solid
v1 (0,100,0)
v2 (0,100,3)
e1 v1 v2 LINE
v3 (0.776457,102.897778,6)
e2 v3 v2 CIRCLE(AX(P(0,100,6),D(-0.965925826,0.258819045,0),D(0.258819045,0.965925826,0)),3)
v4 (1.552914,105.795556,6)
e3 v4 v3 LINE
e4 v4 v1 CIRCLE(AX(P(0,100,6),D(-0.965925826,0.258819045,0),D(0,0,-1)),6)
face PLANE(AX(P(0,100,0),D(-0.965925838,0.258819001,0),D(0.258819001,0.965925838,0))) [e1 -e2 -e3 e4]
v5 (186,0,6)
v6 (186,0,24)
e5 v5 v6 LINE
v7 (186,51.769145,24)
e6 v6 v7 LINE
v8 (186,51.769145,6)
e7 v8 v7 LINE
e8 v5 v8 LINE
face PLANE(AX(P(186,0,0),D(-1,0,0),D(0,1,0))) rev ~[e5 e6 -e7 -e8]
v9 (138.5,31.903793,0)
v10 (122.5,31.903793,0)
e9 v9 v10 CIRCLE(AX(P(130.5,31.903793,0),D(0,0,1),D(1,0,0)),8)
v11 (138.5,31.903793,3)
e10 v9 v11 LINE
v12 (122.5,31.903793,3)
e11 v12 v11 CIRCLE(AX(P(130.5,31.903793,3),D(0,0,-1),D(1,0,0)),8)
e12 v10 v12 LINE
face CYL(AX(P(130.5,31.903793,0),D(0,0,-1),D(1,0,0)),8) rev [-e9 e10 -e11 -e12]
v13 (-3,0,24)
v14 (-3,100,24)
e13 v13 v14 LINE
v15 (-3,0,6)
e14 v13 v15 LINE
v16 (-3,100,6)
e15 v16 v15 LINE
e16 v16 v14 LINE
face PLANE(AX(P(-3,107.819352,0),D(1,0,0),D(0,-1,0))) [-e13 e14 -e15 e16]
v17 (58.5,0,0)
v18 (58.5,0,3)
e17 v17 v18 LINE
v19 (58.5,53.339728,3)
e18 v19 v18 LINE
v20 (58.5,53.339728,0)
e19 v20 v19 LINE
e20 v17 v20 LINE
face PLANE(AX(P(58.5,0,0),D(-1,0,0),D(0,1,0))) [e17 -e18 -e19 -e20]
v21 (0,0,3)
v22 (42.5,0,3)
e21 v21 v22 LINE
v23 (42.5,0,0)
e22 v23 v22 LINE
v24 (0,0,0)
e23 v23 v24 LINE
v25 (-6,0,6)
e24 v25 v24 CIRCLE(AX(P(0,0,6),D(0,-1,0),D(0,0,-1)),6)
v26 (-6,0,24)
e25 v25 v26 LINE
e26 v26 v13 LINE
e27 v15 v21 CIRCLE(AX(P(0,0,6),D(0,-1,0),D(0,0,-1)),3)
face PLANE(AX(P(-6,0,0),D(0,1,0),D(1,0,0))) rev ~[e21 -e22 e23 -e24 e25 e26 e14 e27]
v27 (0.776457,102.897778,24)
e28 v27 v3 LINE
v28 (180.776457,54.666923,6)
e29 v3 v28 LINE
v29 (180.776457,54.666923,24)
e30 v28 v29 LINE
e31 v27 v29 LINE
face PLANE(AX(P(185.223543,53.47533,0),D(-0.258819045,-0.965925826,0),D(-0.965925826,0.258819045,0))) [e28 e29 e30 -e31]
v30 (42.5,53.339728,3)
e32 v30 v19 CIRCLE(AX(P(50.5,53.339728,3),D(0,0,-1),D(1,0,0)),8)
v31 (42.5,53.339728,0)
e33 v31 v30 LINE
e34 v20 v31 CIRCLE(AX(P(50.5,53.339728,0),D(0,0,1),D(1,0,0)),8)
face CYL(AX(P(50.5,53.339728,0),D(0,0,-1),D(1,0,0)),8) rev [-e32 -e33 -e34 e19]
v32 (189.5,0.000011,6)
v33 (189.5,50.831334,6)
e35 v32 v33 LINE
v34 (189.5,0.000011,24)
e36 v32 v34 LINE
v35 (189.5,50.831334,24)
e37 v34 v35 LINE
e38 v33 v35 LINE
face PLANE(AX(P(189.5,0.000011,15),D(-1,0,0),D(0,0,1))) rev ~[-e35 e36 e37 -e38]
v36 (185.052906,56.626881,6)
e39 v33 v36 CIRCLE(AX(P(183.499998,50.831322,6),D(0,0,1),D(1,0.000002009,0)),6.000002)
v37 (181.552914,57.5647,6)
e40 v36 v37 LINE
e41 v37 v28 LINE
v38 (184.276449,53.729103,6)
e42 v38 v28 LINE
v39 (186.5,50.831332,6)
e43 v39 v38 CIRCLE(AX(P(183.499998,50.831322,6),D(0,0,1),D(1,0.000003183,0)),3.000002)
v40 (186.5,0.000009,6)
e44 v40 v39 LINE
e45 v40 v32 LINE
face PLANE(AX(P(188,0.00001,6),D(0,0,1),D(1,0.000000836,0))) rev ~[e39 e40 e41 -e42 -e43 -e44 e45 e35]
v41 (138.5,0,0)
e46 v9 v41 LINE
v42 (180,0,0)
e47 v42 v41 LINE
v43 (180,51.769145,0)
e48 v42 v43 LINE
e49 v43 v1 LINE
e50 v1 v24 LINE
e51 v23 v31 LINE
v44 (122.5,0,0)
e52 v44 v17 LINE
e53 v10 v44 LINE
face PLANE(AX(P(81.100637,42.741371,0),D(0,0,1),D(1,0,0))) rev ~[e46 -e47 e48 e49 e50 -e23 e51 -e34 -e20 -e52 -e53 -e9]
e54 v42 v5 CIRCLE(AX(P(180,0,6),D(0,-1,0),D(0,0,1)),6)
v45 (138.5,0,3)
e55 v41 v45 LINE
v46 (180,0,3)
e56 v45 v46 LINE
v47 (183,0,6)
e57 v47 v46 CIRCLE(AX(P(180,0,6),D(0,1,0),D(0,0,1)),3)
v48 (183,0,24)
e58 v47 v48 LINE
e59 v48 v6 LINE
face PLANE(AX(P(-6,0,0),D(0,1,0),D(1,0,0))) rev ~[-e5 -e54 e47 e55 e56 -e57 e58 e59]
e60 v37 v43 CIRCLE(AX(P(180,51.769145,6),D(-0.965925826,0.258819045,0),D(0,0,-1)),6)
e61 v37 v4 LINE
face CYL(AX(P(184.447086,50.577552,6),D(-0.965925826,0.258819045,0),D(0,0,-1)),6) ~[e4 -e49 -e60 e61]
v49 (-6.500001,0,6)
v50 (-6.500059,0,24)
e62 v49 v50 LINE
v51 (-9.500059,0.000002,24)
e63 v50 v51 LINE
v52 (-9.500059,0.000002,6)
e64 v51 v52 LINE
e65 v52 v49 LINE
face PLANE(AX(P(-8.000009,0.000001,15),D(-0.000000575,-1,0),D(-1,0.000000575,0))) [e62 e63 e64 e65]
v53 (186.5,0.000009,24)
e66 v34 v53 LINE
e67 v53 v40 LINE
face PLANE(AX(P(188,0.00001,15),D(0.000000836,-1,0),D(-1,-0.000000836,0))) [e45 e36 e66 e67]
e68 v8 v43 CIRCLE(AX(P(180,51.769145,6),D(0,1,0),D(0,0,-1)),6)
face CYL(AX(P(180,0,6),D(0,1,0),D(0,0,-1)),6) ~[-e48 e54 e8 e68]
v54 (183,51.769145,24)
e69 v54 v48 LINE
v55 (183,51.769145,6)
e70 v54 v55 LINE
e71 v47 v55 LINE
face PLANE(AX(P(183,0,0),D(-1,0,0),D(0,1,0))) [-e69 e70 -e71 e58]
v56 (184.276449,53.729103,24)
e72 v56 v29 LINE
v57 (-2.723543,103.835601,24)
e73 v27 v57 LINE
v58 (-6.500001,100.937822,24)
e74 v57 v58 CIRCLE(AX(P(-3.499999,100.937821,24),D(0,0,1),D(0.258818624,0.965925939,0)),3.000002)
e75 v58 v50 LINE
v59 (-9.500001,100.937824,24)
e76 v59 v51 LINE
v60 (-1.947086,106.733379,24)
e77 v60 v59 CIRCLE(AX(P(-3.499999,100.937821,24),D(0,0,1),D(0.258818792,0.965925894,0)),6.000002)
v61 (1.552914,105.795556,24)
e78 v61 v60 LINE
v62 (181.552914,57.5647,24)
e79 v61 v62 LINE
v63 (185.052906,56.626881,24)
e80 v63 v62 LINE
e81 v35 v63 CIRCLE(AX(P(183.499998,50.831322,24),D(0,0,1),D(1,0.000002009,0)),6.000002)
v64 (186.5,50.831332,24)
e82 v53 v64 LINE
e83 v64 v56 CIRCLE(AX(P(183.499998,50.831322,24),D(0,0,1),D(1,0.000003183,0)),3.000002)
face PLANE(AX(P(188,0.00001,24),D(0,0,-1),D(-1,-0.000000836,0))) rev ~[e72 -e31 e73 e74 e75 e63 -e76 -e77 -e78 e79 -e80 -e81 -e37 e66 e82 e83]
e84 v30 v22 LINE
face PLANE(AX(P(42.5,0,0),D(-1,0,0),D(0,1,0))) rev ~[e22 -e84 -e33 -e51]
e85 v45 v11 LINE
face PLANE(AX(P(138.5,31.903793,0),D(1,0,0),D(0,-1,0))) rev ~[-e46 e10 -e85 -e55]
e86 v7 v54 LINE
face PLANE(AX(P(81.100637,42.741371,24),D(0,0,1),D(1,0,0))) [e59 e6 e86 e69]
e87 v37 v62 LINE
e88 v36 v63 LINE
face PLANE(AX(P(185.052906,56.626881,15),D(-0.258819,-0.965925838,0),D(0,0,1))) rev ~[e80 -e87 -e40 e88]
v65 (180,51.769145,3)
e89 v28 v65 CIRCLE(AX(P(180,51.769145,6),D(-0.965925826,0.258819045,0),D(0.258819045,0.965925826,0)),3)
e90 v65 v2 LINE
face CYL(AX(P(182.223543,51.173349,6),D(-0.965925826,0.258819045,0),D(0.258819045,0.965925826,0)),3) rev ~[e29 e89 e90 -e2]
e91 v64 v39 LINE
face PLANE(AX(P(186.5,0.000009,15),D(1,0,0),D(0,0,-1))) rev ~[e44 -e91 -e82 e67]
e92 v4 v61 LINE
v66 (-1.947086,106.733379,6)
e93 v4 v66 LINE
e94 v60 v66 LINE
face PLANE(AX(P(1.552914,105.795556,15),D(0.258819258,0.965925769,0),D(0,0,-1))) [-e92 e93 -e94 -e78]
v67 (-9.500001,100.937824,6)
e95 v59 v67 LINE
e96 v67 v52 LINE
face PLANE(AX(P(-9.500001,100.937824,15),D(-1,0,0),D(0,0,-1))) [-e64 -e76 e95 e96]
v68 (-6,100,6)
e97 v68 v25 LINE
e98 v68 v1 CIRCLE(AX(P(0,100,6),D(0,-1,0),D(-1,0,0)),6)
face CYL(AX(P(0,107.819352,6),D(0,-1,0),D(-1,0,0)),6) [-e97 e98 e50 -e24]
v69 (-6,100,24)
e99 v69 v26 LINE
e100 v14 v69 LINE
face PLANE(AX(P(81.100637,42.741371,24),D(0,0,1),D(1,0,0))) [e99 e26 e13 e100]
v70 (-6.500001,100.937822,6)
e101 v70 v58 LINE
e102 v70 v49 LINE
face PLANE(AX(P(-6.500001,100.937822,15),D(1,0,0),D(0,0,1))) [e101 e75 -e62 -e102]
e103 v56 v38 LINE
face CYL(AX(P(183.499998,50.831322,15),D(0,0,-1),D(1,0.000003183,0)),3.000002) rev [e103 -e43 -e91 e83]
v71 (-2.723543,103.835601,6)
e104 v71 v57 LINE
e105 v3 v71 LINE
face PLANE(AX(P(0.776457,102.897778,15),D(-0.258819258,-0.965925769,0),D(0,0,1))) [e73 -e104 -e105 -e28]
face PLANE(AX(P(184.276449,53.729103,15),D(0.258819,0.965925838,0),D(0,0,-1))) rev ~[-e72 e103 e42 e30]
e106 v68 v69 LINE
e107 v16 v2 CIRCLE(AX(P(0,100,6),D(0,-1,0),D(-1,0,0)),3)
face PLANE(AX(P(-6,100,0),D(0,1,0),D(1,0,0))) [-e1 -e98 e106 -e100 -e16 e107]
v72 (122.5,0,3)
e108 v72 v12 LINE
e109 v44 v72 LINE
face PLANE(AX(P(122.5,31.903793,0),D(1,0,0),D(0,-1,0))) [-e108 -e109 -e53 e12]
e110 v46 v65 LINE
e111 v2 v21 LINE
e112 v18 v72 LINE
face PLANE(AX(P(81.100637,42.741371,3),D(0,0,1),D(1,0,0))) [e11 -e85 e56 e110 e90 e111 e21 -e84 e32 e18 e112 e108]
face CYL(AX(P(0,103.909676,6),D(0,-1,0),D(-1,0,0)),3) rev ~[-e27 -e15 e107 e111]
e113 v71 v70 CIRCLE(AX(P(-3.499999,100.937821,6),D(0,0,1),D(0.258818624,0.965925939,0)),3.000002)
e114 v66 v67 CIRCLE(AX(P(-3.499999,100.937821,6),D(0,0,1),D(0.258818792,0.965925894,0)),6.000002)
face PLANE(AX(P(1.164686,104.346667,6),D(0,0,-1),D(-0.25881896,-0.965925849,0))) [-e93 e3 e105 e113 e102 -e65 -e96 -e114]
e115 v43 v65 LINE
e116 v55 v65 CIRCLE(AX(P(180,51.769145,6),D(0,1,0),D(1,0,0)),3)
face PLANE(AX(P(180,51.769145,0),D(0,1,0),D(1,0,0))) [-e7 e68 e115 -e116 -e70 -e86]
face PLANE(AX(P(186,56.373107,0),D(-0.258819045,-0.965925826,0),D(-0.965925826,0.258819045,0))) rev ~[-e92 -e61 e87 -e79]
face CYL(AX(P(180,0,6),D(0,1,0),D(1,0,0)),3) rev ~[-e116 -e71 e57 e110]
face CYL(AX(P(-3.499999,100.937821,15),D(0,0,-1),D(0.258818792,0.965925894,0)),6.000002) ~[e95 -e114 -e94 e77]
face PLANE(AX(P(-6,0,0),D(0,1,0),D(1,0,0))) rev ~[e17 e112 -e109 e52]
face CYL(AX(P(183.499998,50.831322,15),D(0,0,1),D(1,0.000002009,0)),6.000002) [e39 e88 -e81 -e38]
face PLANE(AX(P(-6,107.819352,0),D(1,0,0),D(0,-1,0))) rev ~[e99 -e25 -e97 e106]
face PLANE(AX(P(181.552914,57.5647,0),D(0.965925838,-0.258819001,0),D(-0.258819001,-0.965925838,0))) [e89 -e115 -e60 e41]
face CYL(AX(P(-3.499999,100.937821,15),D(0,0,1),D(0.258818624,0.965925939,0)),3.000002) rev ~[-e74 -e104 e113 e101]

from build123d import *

# Parameters (mm, degrees)
PAD_DEPTH            = 24
THICKNESS_T          = -3
FILLET_R             = 3
FILLET001_R          = 6
POCKET_DEPTH         = 24.001
SKETCH003_W          = 3
SKETCH003_H          = 18
SKETCH005_W          = 3
SKETCH005_H          = 18
POCKET001_DEPTH      = 0.001
POCKET001_DEPTH_BACK = 24.001


with BuildPart() as part:
    # Sketch (on XY_Plane of Origin) → Pad (new body)
    with BuildSketch(Plane.XY):
        Polygon((-6, 0), (186, 0), (186, 56.373107), (-6, 107.819352), align=None)
    extrude(amount=PAD_DEPTH)

    # Thickness
    thickness_openings = [part.faces().sort_by_distance(p)[0] for p in [
        (79.973475, 42.391415, 24),
        (90, 0, 12),
    ]]
    offset(amount=THICKNESS_T, openings=thickness_openings, kind=Kind.INTERSECTION)

    # Fillet
    fillet_edges = [part.edges().sort_by_distance(p)[0] for p in [
        (-3, 51.954838, 3),
        (183, 27.035563, 3),
        (90, 78.990401, 3),
    ]]
    fillet(fillet_edges, radius=FILLET_R)

    # Fillet001
    fillet001_edges = [part.edges().sort_by_distance(p)[0] for p in [
        (90, 82.09623, 0),
        (-6, 53.909676, 0),
        (186, 28.186554, 0),
    ]]
    fillet(fillet001_edges, radius=FILLET001_R)

    # Sketch001 (on Face5 of Fillet001) → Pocket (cut, through all)
    with BuildSketch(Plane(origin=(0, 0, 0), x_dir=(1, 0, 0), z_dir=(0, 0, -1))):
        Polygon((186, -51.769145), (186, -56.373107), (181.552914, -57.5647), (180, -51.769145), align=None)
        Polygon((0, -100), (1.552914, -105.795555), (-6, -107.819352), (-6, -100), align=None)
    extrude(amount=-POCKET_DEPTH, mode=Mode.SUBTRACT)

    # AdditivePipe: sweep along a path in Sketch002
    with BuildLine(Plane.XY.offset(24)) as additivepipe_path:
        Line((0.776457, 102.897777), (-2.723543, 103.8356))
        ThreePointArc((-2.723543, 103.8356), (-5.326284, 103.317882), (-6.5, 100.937822))
        Line((-6.5, 100.937822), (-6.5, 0))
    # Sketch003 (on Face18 of Pocket) → AdditivePipe (sweep)
    with BuildSketch(Plane(origin=(-25, 6.69873, 0), x_dir=(-0.258819, -0.965926, 0), z_dir=(-0.965926, 0.258819, 0))):
        with Locations((-101.092583, 15)):
            Rectangle(SKETCH003_W, SKETCH003_H)
    sweep(path=additivepipe_path.line)

    # AdditivePipe001: sweep along a path in Sketch006
    with BuildLine(Plane.XY.offset(24)) as additivepipe001_path:
        Line((186.5, 0), (186.5, 50.831323))
        ThreePointArc((186.5, 50.831323), (185.88006, 52.657607), (184.276457, 53.729101))
        Line((184.276457, 53.729101), (180.776457, 54.666923))
    # Sketch005 (on Face2 of AdditivePipe) → AdditivePipe001 (sweep)
    with BuildSketch(Plane(origin=(155, -41.532125, 0), x_dir=(0.258819, 0.965926, 0), z_dir=(0.965926, -0.258819, 0))):
        with Locations((101.092583, 15)):
            Rectangle(SKETCH005_W, SKETCH005_H)
    sweep(path=additivepipe001_path.line)

    # Sketch004 (on XY_Plane of Origin) → Pocket001 (cut, two sides)
    with BuildSketch(Plane.XY) as pocket001_sk:
        with BuildLine():
            ThreePointArc((42.5, 0), (50.5, -8), (58.5, 0))
            Line((58.5, 0), (58.5, 53.339728))
            ThreePointArc((58.5, 53.339728), (50.5, 61.339728), (42.5, 53.339728))
            Line((42.5, 0), (42.5, 53.339728))
        make_face()
        with BuildLine():
            ThreePointArc((138.5, 31.903793), (130.5, 39.903793), (122.5, 31.903793))
            Line((122.5, 31.903793), (122.5, 0))
            ThreePointArc((122.5, 0), (130.5, -8), (138.5, 0))
            Line((138.5, 31.903793), (138.5, 0))
        make_face()
    extrude(amount=-POCKET001_DEPTH, mode=Mode.SUBTRACT)
    extrude(pocket001_sk.sketch, amount=POCKET001_DEPTH_BACK, mode=Mode.SUBTRACT)


solid = part.part
